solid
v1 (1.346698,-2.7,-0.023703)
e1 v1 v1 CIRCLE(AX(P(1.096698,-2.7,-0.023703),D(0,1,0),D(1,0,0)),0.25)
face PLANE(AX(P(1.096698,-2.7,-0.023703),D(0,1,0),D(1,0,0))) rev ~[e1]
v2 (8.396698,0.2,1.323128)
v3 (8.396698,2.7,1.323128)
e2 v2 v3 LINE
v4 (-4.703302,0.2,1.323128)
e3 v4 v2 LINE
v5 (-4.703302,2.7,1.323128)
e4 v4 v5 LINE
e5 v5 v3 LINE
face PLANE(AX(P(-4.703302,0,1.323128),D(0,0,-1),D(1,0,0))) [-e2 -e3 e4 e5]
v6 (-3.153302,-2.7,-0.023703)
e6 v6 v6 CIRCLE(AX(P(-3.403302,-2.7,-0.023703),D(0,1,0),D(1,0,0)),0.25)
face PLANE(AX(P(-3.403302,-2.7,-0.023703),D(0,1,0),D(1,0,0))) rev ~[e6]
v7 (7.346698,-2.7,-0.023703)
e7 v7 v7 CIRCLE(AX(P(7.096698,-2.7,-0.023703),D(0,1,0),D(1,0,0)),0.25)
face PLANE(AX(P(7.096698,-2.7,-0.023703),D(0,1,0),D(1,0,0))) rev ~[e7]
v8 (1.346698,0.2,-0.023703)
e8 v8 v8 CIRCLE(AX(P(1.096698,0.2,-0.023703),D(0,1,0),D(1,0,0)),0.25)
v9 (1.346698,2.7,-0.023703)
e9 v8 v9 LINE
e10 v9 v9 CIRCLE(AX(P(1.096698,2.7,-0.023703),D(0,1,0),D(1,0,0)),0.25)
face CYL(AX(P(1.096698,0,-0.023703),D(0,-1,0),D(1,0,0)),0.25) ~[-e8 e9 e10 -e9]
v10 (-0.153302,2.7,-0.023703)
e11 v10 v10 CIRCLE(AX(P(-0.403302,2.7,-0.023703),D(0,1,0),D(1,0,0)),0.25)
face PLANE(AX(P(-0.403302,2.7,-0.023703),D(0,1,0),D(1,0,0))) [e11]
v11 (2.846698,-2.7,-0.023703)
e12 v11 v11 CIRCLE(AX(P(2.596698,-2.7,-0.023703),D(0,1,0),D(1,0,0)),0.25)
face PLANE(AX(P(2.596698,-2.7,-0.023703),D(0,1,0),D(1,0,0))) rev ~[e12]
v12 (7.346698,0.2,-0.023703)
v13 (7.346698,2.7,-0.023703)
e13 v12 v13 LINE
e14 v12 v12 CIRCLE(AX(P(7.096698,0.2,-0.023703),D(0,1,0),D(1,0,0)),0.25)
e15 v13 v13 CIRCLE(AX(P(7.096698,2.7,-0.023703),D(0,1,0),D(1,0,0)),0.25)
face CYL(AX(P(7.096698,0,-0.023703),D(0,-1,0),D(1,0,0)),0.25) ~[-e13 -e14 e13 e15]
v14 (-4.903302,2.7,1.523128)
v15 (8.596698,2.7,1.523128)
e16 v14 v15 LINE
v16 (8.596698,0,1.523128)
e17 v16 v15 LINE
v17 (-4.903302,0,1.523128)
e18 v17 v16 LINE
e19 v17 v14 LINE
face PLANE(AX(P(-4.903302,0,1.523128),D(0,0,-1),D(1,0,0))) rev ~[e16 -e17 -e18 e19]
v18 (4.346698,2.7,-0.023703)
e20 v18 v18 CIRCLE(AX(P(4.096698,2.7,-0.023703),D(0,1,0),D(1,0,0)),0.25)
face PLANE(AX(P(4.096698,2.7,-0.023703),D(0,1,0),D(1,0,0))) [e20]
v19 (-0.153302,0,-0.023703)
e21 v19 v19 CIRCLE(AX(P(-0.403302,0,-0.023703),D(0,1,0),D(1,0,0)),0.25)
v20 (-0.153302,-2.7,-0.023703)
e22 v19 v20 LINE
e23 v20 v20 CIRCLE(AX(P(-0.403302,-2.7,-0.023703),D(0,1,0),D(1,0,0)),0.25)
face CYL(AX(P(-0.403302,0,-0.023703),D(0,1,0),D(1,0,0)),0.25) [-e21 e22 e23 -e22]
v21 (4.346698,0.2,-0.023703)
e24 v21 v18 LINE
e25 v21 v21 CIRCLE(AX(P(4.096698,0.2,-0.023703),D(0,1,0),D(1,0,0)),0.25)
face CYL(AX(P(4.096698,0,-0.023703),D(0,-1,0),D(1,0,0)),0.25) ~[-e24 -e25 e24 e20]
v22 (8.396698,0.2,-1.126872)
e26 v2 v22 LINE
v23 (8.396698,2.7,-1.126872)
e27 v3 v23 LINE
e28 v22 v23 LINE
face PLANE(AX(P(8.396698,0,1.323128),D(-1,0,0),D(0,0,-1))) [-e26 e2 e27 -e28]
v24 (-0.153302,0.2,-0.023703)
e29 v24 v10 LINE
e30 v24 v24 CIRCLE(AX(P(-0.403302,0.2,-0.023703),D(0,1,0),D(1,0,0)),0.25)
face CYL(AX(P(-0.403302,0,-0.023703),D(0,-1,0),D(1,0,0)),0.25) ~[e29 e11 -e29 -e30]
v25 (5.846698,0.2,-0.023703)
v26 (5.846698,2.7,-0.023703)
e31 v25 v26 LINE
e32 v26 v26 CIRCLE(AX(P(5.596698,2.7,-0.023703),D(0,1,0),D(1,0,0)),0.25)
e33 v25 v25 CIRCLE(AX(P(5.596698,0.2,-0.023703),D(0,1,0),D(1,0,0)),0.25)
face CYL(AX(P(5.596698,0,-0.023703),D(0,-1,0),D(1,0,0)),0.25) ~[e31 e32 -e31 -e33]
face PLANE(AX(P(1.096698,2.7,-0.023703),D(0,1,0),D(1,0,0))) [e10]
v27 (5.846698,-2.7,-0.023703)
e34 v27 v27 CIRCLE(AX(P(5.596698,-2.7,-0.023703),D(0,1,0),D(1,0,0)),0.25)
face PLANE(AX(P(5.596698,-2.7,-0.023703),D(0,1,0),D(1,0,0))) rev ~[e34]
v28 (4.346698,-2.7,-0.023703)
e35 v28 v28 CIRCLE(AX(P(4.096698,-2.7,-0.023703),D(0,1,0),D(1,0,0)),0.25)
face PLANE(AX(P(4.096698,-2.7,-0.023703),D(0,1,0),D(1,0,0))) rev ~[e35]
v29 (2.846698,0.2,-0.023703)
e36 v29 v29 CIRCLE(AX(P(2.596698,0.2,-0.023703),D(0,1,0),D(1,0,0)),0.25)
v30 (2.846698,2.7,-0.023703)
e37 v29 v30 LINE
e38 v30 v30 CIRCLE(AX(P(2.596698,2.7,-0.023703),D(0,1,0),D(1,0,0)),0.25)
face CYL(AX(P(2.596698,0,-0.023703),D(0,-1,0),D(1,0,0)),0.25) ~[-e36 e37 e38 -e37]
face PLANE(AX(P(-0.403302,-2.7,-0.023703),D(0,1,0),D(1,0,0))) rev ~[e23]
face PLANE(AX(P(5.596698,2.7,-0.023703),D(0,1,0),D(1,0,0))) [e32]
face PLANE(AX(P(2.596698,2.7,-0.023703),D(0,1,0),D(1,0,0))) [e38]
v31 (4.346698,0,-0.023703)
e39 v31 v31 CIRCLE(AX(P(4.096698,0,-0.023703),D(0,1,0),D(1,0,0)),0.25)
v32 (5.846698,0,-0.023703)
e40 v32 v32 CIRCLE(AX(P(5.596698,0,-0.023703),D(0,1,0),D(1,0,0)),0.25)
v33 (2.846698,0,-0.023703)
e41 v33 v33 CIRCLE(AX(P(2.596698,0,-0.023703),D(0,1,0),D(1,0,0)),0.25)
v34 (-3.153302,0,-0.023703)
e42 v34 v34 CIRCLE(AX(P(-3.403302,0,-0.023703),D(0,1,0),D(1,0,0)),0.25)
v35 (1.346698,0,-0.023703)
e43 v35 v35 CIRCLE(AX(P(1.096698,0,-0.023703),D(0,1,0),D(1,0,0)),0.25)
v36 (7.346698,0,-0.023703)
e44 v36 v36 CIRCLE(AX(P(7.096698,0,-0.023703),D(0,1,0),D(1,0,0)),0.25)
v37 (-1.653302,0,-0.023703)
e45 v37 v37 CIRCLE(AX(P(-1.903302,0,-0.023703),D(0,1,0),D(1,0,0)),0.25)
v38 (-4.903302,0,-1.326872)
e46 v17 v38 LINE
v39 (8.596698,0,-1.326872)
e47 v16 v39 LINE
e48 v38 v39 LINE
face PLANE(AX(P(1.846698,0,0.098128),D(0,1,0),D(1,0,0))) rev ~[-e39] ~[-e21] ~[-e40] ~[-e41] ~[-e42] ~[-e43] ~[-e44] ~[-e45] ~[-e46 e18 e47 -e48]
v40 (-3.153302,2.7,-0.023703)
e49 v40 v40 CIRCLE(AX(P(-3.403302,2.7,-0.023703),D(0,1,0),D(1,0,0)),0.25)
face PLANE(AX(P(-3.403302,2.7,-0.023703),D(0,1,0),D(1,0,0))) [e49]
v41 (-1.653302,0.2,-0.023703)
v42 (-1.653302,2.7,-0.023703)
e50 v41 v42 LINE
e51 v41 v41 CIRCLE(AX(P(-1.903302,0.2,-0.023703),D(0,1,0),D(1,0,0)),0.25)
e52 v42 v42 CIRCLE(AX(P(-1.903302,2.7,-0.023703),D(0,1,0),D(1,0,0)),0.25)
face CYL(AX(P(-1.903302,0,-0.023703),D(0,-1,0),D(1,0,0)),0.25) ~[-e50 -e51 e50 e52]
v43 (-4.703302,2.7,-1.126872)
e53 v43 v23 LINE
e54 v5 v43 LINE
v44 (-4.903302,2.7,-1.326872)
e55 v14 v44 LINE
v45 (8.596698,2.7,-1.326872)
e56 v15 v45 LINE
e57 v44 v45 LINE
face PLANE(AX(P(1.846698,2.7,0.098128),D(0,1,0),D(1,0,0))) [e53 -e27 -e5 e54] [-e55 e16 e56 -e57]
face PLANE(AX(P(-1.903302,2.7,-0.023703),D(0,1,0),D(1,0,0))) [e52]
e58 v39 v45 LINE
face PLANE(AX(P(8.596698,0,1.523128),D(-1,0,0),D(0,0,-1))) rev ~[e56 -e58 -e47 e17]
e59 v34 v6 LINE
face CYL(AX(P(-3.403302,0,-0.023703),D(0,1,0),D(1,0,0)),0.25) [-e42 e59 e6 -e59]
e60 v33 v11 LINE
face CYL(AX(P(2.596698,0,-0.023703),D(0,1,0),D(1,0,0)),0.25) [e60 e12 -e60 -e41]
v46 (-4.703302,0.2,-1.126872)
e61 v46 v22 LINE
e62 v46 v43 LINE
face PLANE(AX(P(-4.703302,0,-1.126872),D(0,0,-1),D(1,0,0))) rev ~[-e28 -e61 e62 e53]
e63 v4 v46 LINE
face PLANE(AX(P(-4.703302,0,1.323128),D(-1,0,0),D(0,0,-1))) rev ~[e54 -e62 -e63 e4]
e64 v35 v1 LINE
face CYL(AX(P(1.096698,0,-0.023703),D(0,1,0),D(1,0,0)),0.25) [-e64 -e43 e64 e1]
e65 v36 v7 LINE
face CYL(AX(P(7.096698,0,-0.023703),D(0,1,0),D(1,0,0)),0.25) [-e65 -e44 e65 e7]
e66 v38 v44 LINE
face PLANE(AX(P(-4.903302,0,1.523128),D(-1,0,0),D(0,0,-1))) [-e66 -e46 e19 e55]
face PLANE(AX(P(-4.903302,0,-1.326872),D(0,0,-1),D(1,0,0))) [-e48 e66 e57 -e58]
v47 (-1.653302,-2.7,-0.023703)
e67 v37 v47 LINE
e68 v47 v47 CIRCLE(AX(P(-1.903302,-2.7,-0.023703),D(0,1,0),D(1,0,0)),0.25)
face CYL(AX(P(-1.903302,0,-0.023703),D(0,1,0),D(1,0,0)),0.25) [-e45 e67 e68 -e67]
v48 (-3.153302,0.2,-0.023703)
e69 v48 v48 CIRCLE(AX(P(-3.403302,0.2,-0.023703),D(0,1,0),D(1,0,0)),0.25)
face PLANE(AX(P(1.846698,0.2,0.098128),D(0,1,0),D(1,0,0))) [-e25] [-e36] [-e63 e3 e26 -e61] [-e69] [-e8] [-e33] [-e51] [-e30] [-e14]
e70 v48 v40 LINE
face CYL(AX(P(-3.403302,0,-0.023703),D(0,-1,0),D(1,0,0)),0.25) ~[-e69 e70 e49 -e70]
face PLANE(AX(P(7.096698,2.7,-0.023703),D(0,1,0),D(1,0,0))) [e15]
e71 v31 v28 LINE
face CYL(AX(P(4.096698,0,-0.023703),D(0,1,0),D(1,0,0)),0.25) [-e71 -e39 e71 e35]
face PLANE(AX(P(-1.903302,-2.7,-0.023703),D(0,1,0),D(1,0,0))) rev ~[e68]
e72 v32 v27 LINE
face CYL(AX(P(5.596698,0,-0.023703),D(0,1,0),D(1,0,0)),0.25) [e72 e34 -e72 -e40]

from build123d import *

# Parameters (mm, degrees)
SKETCH1_R             = 0.25
BOSS_EXTRUDE1_DEPTH   = 2.7
BOSS_EXTRUDE1_2_DEPTH = 2.7
BOSS_EXTRUDE1_3_DEPTH = 2.7
BOSS_EXTRUDE1_4_DEPTH = 2.7
BOSS_EXTRUDE1_5_DEPTH = 2.7
BOSS_EXTRUDE1_6_DEPTH = 2.7
BOSS_EXTRUDE1_7_DEPTH = 2.7
BOSS_EXTRUDE1_8_DEPTH = 2.7
SKETCH1_7_W           = 13.5
SKETCH1_7_H           = 2.85
SKETCH1_7_W_2         = 13.1
SKETCH1_7_H_2         = 2.45
BOSS_EXTRUDE3_DEPTH   = 2.7
BOSS_EXTRUDE4_START   = 0.2
SKETCH1_8_W           = 13.1
SKETCH1_8_H           = 2.45
SKETCH1_8_R           = 0.25
BOSS_EXTRUDE4_DEPTH   = 0.2
BOSS_EXTRUDE5_START   = 2.7
SKETCH1_9_R           = 0.25
BOSS_EXTRUDE5_DEPTH   = 2.7


with BuildPart() as part:
    # Sketch1 → Boss-Extrude1 (new body)
    with BuildSketch(Plane(origin=(0, 0, 0), x_dir=(1, 0, 0), z_dir=(0, 1, 0))):
        with Locations((-3.403301887, 0.02370283)):
            Circle(SKETCH1_R)
    extrude(amount=-BOSS_EXTRUDE1_DEPTH)



with BuildPart() as body_2:
    # Sketch1 → Boss-Extrude1 2 (new body)
    with BuildSketch(Plane(origin=(0, 0, 0), x_dir=(1, 0, 0), z_dir=(0, 1, 0))):
        with Locations((-1.903301887, 0.02370283)):
            Circle(SKETCH1_R)
    extrude(amount=-BOSS_EXTRUDE1_2_DEPTH)


with BuildPart() as body_3:
    # Sketch1 → Boss-Extrude1 3 (new body)
    with BuildSketch(Plane(origin=(0, 0, 0), x_dir=(1, 0, 0), z_dir=(0, 1, 0))):
        with Locations((-0.403301887, 0.02370283)):
            Circle(SKETCH1_R)
    extrude(amount=-BOSS_EXTRUDE1_3_DEPTH)


with BuildPart() as body_4:
    # Sketch1 → Boss-Extrude1 4 (new body)
    with BuildSketch(Plane(origin=(0, 0, 0), x_dir=(1, 0, 0), z_dir=(0, 1, 0))):
        with Locations((1.096698113, 0.02370283)):
            Circle(SKETCH1_R)
    extrude(amount=-BOSS_EXTRUDE1_4_DEPTH)


with BuildPart() as body_5:
    # Sketch1 → Boss-Extrude1 5 (new body)
    with BuildSketch(Plane(origin=(0, 0, 0), x_dir=(1, 0, 0), z_dir=(0, 1, 0))):
        with Locations((2.596698113, 0.02370283)):
            Circle(SKETCH1_R)
    extrude(amount=-BOSS_EXTRUDE1_5_DEPTH)


with BuildPart() as body_6:
    # Sketch1 → Boss-Extrude1 6 (new body)
    with BuildSketch(Plane(origin=(0, 0, 0), x_dir=(1, 0, 0), z_dir=(0, 1, 0))):
        with Locations((4.096698113, 0.02370283)):
            Circle(SKETCH1_R)
    extrude(amount=-BOSS_EXTRUDE1_6_DEPTH)


with BuildPart() as body_7:
    # Sketch1 → Boss-Extrude1 7 (new body)
    with BuildSketch(Plane(origin=(0, 0, 0), x_dir=(1, 0, 0), z_dir=(0, 1, 0))):
        with Locations((5.596698113, 0.02370283)):
            Circle(SKETCH1_R)
    extrude(amount=-BOSS_EXTRUDE1_7_DEPTH)


with BuildPart() as body_8:
    # Sketch1 → Boss-Extrude1 8 (new body)
    with BuildSketch(Plane(origin=(0, 0, 0), x_dir=(1, 0, 0), z_dir=(0, 1, 0))):
        with Locations((7.096698113, 0.02370283)):
            Circle(SKETCH1_R)
    extrude(amount=-BOSS_EXTRUDE1_8_DEPTH)


with BuildPart() as body_9:
    # Sketch1<7> → Boss-Extrude3 (new body)
    with BuildSketch(Plane(origin=(0, 0, 0), x_dir=(1, 0, 0), z_dir=(0, 1, 0))):
        with Locations((1.846698113, -0.098128497)):
            Rectangle(SKETCH1_7_W, SKETCH1_7_H)
        with Locations((1.846698113, -0.098128497)):
            Rectangle(SKETCH1_7_W_2, SKETCH1_7_H_2, mode=Mode.SUBTRACT)
    extrude(amount=BOSS_EXTRUDE3_DEPTH)

    # Sketch1<8> → Boss-Extrude4 (add)
    with BuildSketch(Plane(origin=(0, 0, 0), x_dir=(1, 0, 0), z_dir=(0, 1, 0)).offset(BOSS_EXTRUDE4_START)):
        with Locations((1.846698113, -0.098128497)):
            Rectangle(SKETCH1_8_W, SKETCH1_8_H)
        with Locations((-3.403301887, 0.02370283)):
            Circle(SKETCH1_8_R, mode=Mode.SUBTRACT)
        with Locations((-1.903301887, 0.02370283)):
            Circle(SKETCH1_8_R, mode=Mode.SUBTRACT)
        with Locations((-0.403301887, 0.02370283)):
            Circle(SKETCH1_8_R, mode=Mode.SUBTRACT)
        with Locations((1.096698113, 0.02370283)):
            Circle(SKETCH1_8_R, mode=Mode.SUBTRACT)
        with Locations((2.596698113, 0.02370283)):
            Circle(SKETCH1_8_R, mode=Mode.SUBTRACT)
        with Locations((4.096698113, 0.02370283)):
            Circle(SKETCH1_8_R, mode=Mode.SUBTRACT)
        with Locations((5.596698113, 0.02370283)):
            Circle(SKETCH1_8_R, mode=Mode.SUBTRACT)
        with Locations((7.096698113, 0.02370283)):
            Circle(SKETCH1_8_R, mode=Mode.SUBTRACT)
    extrude(amount=-BOSS_EXTRUDE4_DEPTH)


with BuildPart() as part_1:
    add(part.part)

    add(body_2.part)  # Boss-Extrude5 merges body 2

    add(body_3.part)  # Boss-Extrude5 merges body 3

    add(body_4.part)  # Boss-Extrude5 merges body 4

    add(body_5.part)  # Boss-Extrude5 merges body 5

    add(body_6.part)  # Boss-Extrude5 merges body 6

    add(body_7.part)  # Boss-Extrude5 merges body 7

    add(body_8.part)  # Boss-Extrude5 merges body 8

    add(body_9.part)  # Boss-Extrude5 merges body 9
    # Sketch1<9> → Boss-Extrude5 (add)
    with BuildSketch(Plane(origin=(0, 0, 0), x_dir=(1, 0, 0), z_dir=(0, 1, 0)).offset(BOSS_EXTRUDE5_START)):
        with Locations((-3.403301887, 0.02370283)):
            Circle(SKETCH1_9_R)
        with Locations((-1.903301887, 0.02370283)):
            Circle(SKETCH1_9_R)
        with Locations((-0.403301887, 0.02370283)):
            Circle(SKETCH1_9_R)
        with Locations((1.096698113, 0.02370283)):
            Circle(SKETCH1_9_R)
        with Locations((2.596698113, 0.02370283)):
            Circle(SKETCH1_9_R)
        with Locations((4.096698113, 0.02370283)):
            Circle(SKETCH1_9_R)
        with Locations((5.596698113, 0.02370283)):
            Circle(SKETCH1_9_R)
        with Locations((7.096698113, 0.02370283)):
            Circle(SKETCH1_9_R)
    extrude(amount=-BOSS_EXTRUDE5_DEPTH)


solid = part_1.part
